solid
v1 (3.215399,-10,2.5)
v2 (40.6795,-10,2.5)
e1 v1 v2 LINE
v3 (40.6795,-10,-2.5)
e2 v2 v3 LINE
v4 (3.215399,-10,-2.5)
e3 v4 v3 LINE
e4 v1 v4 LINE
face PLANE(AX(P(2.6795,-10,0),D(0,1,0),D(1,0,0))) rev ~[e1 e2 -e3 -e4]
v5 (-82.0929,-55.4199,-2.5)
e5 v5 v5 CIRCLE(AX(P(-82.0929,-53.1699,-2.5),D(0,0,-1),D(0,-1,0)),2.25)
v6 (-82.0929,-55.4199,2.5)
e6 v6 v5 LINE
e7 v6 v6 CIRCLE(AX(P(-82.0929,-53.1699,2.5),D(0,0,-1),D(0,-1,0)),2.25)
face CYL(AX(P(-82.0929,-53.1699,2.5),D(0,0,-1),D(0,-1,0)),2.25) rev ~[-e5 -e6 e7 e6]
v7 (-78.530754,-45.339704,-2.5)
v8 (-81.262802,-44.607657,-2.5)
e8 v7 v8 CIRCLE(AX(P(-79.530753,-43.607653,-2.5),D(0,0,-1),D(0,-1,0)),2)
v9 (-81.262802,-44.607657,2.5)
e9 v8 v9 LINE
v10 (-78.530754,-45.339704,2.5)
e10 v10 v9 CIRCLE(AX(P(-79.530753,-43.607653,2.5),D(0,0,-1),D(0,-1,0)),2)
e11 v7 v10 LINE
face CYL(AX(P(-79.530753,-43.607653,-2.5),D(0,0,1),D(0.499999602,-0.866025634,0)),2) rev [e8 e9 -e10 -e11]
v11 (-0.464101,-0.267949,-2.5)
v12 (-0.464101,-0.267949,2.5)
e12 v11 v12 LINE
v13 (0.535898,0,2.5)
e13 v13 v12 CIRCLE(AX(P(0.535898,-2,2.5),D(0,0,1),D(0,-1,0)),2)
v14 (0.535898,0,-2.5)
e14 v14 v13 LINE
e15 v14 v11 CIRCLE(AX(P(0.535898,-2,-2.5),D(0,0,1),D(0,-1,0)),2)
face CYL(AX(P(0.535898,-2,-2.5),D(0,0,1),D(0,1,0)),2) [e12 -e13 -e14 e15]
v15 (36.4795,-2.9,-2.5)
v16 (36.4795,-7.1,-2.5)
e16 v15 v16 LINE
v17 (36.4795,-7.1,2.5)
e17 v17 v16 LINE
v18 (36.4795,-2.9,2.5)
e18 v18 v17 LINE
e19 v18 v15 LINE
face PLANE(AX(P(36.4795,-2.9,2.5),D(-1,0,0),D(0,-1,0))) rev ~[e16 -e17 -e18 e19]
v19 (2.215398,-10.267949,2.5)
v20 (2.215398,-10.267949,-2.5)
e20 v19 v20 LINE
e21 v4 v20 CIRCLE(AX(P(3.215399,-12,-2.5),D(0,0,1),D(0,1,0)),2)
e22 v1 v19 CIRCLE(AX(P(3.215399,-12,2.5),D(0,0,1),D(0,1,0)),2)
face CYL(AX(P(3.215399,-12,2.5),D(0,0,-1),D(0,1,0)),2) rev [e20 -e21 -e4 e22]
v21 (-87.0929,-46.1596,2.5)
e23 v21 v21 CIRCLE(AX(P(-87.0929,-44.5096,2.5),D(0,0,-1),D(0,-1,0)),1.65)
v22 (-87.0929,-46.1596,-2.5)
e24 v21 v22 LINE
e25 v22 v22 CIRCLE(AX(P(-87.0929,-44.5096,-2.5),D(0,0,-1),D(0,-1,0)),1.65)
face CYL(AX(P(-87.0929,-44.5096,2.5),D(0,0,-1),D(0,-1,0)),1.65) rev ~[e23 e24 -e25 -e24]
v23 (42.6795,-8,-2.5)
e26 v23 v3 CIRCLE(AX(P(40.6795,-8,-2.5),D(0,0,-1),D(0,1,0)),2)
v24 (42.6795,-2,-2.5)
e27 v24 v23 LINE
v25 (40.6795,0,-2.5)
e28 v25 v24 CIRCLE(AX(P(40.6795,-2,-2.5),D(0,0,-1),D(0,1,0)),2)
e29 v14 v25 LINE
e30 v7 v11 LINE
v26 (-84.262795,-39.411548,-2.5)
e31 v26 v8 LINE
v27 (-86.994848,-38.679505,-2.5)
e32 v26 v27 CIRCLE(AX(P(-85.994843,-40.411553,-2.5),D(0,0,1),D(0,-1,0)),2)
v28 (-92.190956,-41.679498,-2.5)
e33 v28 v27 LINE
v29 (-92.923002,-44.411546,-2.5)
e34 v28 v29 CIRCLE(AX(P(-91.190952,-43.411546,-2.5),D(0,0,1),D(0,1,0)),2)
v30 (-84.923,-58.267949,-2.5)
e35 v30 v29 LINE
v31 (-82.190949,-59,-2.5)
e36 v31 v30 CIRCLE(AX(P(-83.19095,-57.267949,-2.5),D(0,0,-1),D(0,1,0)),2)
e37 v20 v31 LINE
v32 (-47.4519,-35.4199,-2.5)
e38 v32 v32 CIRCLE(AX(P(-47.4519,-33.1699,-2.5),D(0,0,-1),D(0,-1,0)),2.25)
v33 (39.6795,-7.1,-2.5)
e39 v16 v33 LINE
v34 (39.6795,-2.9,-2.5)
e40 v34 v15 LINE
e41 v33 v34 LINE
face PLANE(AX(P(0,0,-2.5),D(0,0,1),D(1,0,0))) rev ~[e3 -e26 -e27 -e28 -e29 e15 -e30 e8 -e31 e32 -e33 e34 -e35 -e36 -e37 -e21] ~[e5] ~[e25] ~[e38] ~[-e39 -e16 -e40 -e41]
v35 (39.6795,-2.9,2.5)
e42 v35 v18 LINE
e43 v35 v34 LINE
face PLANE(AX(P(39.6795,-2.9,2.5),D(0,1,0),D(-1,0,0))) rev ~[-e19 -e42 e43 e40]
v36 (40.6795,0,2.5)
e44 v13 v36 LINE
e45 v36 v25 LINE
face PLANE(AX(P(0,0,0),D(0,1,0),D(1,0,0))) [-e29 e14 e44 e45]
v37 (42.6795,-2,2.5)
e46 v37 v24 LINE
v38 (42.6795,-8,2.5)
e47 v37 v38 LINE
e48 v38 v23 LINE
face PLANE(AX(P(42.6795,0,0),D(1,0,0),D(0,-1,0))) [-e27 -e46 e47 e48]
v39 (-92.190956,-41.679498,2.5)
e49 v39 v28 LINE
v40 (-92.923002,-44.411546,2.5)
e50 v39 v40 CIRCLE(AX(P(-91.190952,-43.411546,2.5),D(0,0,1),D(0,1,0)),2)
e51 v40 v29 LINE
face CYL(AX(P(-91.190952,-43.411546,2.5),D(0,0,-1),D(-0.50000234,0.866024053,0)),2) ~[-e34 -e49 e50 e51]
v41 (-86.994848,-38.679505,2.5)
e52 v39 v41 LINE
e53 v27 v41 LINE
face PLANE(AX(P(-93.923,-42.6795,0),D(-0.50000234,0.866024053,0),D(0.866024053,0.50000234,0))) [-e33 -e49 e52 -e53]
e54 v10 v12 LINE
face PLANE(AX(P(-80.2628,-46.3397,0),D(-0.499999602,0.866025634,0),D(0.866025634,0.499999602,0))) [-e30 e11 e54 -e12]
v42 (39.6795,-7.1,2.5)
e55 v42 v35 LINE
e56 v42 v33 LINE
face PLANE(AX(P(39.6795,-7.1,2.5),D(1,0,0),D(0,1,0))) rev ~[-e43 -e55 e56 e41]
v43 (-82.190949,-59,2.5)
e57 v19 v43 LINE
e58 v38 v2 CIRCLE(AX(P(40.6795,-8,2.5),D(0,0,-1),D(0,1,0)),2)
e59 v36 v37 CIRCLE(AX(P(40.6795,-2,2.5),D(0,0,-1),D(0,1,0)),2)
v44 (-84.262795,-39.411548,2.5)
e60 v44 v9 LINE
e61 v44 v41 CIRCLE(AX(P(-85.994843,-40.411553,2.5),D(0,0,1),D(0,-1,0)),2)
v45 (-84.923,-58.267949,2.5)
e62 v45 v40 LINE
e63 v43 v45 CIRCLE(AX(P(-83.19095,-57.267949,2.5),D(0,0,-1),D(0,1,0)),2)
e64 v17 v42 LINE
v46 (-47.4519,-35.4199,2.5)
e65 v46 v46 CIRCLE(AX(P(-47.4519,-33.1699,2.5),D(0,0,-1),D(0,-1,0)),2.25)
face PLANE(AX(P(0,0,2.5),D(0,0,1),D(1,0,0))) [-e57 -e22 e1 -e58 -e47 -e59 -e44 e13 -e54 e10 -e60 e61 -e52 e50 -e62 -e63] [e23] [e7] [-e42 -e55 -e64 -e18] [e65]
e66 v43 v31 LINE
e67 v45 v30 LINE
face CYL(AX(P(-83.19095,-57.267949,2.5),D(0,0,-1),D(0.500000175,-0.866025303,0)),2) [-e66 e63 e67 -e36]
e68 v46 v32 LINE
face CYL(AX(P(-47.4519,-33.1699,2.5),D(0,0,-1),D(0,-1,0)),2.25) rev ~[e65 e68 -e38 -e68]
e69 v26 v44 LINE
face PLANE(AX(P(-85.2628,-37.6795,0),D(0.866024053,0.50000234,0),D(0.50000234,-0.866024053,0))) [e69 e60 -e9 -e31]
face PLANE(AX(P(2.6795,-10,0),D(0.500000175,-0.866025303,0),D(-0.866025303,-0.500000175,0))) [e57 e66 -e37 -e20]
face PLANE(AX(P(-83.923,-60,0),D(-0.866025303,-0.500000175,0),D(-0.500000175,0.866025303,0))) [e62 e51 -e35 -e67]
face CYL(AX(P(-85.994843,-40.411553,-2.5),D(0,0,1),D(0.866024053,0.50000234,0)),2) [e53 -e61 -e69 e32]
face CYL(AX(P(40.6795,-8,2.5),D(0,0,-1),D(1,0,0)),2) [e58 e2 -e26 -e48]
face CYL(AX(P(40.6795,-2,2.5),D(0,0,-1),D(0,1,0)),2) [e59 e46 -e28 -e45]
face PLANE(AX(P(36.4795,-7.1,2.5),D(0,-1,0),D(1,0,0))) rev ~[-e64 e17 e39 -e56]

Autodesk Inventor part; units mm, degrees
ref_plane "YZ Plane" through (0, 0, 0) normal (1, 0, 0) x (0, 1, 0)
ref_plane "XZ Plane" through (0, 0, 0) normal (0, 1, 0) x (-1, 0, 0)
ref_plane "XY Plane" through (0, 0, 0) normal (0, 0, 1) x (1, 0, 0)
sketch "スケッチ1" plane through (0, 0, 0) normal (0, 0, 1) x (1, 0, 0)
  line L0 (0, 0) -> (42.6795, 0)
  line L1 (2.6795, -10) -> (42.6795, -10)
  line L2 (42.6795, 0) -> (42.6795, -10)
  line L3 (2.6795, -10) -> (-83.923, -60)
  line L4 (-80.2628, -46.3397) -> (0, 0)
  line L5 (-83.923, -60) -> (-93.923, -42.6795)
  line L6 (-93.923, -42.6795) -> (-85.2628, -37.6795)
  line L7 (-85.2628, -37.6795) -> (-80.2628, -46.3397)
  point P0 (-88.923, -51.3397)
  dimension "d1" = 40
  dimension "d2" = 10
  dimension "d3" = 100
  dimension "d4" = 150
  dimension "d5" = 10
  dimension "d6" = 20
  dimension "d7" = 10
  dimension "d8" = 10
  dimension "d9" = 10
extrude "押し出し1" add sketch "スケッチ1" along normal mid plane 5
sketch "スケッチ2" plane through (0, 0, 2.5) normal (0, 0, 1) x (1, 0, 0)
  line L0 (36.4795, -7.1) -> (39.6795, -7.1)
  line L1 (39.6795, -7.1) -> (39.6795, -2.9)
  line L2 (39.6795, -2.9) -> (36.4795, -2.9)
  line L3 (36.4795, -2.9) -> (36.4795, -7.1)
  line L4 (36.4795, -7.1) -> (39.6795, -2.9) construction
  line L5 (39.6795, -7.1) -> (36.4795, -2.9) construction
  line L6 (42.6795, 0) -> (0, 0) projected
  line L7 (2.6795, -10) -> (42.6795, -10) projected
  line L8 (42.6795, -10) -> (42.6795, 0) projected
  point P0 (38.0795, -5)
  dimension "d14" = 3
  dimension "d15" = 3.2
  dimension "d41" = 4.2
  dimension "d42" = 2.9
extrude "押し出し2" cut sketch "スケッチ2" against normal blind 5
sketch "スケッチ3" plane through (0, 0, 2.5) normal (0, 0, 1) x (1, 0, 0)
  line L0 (-83.923, -60) -> (2.6795, -10) projected
  line L1 (-85.2628, -37.6795) -> (-93.923, -42.6795) projected
  line L2 (-80.2628, -46.3397) -> (-85.2628, -37.6795) projected
  line L3 (-93.923, -42.6795) -> (-83.923, -60) projected
  point P0 (0, 0)
  point P1 (-87.0929, -44.5096)
  point P2 (-82.0929, -53.1699)
  point P3 (-47.4519, -33.1699)
  dimension "d18" = 5
  dimension "d19" = 5
  dimension "d20" = 5
  dimension "d21" = 5
  dimension "d22" = 5
  dimension "d23" = 40
hole "穴1" at (-82.0929, -53.1699, 2.5) at (-47.4519, -33.1699, 2.5) direction (0, 0, -1) diameter 4.5 end through all
fillet "フィレット1" radius 2 8 edges at (0, 0, 0) (2.6795, -10, 0) (42.6795, 0, 0) (42.6795, -10, 0) (-80.2628, -46.3397, 0) (-85.2628, -37.6795, 0) (-93.923, -42.6795, 0) (-83.923, -60, 0)
sketch "スケッチ4" plane through (0, 0, 2.5) normal (0, 0, 1) x (1, 0, 0)
  arc A0 (-84.923, -58.2679) -> (-82.191, -59) centre (-83.191, -57.2679) ccw projected
  line L0 (-82.191, -59) -> (2.2154, -10.2679) projected
  arc A1 (3.2154, -10) -> (2.2154, -10.2679) centre (3.2154, -12) ccw projected
  line L1 (3.2154, -10) -> (40.6795, -10) projected
  arc A2 (40.6795, -10) -> (42.6795, -8) centre (40.6795, -8) ccw projected
  line L2 (42.6795, -8) -> (42.6795, -2) projected
  arc A3 (42.6795, -2) -> (40.6795, 0) centre (40.6795, -2) ccw projected
  line L3 (40.6795, 0) -> (0.5359, 0) projected
  arc A4 (0.5359, 0) -> (-0.4641, -0.2679) centre (0.5359, -2) ccw projected
  line L4 (-0.4641, -0.2679) -> (-78.5307, -45.3397) projected
  arc A5 (-81.2628, -44.6077) -> (-78.5307, -45.3397) centre (-79.5307, -43.6077) ccw projected
  line L5 (-81.2628, -44.6077) -> (-84.2628, -39.4115) projected
  arc A6 (-84.2628, -39.4115) -> (-86.9948, -38.6795) centre (-85.9948, -40.4115) ccw projected
  line L6 (-86.9948, -38.6795) -> (-92.191, -41.6795) projected
  arc A7 (-92.191, -41.6795) -> (-92.923, -44.4115) centre (-91.191, -43.4115) ccw projected
  line L7 (-92.923, -44.4115) -> (-84.923, -58.2679) projected
  circle A8 centre (-47.4519, -33.1699) radius 2.25 projected
  circle A9 centre (-82.0929, -53.1699) radius 2.25 projected
  line L8 (36.4795, -2.9) -> (39.6795, -2.9) projected
  line L9 (39.6795, -2.9) -> (39.6795, -7.1) projected
  line L10 (39.6795, -7.1) -> (36.4795, -7.1) projected
  line L11 (36.4795, -7.1) -> (36.4795, -2.9) projected
  point P0 (0, 0)
  point P1 (-87.0929, -44.5096)
  dimension "d32" = 5
  dimension "d33" = 5
hole "穴2" at (-87.0929, -44.5096, 2.5) direction (0, 0, -1) diameter 3.3 end through all
equation "\"d19\" = d18"
equation "\"d20\" = d18"
equation "\"d21\" = d18"
equation "\"d22\" = d18"
properties part number "刃固定パーツ"
